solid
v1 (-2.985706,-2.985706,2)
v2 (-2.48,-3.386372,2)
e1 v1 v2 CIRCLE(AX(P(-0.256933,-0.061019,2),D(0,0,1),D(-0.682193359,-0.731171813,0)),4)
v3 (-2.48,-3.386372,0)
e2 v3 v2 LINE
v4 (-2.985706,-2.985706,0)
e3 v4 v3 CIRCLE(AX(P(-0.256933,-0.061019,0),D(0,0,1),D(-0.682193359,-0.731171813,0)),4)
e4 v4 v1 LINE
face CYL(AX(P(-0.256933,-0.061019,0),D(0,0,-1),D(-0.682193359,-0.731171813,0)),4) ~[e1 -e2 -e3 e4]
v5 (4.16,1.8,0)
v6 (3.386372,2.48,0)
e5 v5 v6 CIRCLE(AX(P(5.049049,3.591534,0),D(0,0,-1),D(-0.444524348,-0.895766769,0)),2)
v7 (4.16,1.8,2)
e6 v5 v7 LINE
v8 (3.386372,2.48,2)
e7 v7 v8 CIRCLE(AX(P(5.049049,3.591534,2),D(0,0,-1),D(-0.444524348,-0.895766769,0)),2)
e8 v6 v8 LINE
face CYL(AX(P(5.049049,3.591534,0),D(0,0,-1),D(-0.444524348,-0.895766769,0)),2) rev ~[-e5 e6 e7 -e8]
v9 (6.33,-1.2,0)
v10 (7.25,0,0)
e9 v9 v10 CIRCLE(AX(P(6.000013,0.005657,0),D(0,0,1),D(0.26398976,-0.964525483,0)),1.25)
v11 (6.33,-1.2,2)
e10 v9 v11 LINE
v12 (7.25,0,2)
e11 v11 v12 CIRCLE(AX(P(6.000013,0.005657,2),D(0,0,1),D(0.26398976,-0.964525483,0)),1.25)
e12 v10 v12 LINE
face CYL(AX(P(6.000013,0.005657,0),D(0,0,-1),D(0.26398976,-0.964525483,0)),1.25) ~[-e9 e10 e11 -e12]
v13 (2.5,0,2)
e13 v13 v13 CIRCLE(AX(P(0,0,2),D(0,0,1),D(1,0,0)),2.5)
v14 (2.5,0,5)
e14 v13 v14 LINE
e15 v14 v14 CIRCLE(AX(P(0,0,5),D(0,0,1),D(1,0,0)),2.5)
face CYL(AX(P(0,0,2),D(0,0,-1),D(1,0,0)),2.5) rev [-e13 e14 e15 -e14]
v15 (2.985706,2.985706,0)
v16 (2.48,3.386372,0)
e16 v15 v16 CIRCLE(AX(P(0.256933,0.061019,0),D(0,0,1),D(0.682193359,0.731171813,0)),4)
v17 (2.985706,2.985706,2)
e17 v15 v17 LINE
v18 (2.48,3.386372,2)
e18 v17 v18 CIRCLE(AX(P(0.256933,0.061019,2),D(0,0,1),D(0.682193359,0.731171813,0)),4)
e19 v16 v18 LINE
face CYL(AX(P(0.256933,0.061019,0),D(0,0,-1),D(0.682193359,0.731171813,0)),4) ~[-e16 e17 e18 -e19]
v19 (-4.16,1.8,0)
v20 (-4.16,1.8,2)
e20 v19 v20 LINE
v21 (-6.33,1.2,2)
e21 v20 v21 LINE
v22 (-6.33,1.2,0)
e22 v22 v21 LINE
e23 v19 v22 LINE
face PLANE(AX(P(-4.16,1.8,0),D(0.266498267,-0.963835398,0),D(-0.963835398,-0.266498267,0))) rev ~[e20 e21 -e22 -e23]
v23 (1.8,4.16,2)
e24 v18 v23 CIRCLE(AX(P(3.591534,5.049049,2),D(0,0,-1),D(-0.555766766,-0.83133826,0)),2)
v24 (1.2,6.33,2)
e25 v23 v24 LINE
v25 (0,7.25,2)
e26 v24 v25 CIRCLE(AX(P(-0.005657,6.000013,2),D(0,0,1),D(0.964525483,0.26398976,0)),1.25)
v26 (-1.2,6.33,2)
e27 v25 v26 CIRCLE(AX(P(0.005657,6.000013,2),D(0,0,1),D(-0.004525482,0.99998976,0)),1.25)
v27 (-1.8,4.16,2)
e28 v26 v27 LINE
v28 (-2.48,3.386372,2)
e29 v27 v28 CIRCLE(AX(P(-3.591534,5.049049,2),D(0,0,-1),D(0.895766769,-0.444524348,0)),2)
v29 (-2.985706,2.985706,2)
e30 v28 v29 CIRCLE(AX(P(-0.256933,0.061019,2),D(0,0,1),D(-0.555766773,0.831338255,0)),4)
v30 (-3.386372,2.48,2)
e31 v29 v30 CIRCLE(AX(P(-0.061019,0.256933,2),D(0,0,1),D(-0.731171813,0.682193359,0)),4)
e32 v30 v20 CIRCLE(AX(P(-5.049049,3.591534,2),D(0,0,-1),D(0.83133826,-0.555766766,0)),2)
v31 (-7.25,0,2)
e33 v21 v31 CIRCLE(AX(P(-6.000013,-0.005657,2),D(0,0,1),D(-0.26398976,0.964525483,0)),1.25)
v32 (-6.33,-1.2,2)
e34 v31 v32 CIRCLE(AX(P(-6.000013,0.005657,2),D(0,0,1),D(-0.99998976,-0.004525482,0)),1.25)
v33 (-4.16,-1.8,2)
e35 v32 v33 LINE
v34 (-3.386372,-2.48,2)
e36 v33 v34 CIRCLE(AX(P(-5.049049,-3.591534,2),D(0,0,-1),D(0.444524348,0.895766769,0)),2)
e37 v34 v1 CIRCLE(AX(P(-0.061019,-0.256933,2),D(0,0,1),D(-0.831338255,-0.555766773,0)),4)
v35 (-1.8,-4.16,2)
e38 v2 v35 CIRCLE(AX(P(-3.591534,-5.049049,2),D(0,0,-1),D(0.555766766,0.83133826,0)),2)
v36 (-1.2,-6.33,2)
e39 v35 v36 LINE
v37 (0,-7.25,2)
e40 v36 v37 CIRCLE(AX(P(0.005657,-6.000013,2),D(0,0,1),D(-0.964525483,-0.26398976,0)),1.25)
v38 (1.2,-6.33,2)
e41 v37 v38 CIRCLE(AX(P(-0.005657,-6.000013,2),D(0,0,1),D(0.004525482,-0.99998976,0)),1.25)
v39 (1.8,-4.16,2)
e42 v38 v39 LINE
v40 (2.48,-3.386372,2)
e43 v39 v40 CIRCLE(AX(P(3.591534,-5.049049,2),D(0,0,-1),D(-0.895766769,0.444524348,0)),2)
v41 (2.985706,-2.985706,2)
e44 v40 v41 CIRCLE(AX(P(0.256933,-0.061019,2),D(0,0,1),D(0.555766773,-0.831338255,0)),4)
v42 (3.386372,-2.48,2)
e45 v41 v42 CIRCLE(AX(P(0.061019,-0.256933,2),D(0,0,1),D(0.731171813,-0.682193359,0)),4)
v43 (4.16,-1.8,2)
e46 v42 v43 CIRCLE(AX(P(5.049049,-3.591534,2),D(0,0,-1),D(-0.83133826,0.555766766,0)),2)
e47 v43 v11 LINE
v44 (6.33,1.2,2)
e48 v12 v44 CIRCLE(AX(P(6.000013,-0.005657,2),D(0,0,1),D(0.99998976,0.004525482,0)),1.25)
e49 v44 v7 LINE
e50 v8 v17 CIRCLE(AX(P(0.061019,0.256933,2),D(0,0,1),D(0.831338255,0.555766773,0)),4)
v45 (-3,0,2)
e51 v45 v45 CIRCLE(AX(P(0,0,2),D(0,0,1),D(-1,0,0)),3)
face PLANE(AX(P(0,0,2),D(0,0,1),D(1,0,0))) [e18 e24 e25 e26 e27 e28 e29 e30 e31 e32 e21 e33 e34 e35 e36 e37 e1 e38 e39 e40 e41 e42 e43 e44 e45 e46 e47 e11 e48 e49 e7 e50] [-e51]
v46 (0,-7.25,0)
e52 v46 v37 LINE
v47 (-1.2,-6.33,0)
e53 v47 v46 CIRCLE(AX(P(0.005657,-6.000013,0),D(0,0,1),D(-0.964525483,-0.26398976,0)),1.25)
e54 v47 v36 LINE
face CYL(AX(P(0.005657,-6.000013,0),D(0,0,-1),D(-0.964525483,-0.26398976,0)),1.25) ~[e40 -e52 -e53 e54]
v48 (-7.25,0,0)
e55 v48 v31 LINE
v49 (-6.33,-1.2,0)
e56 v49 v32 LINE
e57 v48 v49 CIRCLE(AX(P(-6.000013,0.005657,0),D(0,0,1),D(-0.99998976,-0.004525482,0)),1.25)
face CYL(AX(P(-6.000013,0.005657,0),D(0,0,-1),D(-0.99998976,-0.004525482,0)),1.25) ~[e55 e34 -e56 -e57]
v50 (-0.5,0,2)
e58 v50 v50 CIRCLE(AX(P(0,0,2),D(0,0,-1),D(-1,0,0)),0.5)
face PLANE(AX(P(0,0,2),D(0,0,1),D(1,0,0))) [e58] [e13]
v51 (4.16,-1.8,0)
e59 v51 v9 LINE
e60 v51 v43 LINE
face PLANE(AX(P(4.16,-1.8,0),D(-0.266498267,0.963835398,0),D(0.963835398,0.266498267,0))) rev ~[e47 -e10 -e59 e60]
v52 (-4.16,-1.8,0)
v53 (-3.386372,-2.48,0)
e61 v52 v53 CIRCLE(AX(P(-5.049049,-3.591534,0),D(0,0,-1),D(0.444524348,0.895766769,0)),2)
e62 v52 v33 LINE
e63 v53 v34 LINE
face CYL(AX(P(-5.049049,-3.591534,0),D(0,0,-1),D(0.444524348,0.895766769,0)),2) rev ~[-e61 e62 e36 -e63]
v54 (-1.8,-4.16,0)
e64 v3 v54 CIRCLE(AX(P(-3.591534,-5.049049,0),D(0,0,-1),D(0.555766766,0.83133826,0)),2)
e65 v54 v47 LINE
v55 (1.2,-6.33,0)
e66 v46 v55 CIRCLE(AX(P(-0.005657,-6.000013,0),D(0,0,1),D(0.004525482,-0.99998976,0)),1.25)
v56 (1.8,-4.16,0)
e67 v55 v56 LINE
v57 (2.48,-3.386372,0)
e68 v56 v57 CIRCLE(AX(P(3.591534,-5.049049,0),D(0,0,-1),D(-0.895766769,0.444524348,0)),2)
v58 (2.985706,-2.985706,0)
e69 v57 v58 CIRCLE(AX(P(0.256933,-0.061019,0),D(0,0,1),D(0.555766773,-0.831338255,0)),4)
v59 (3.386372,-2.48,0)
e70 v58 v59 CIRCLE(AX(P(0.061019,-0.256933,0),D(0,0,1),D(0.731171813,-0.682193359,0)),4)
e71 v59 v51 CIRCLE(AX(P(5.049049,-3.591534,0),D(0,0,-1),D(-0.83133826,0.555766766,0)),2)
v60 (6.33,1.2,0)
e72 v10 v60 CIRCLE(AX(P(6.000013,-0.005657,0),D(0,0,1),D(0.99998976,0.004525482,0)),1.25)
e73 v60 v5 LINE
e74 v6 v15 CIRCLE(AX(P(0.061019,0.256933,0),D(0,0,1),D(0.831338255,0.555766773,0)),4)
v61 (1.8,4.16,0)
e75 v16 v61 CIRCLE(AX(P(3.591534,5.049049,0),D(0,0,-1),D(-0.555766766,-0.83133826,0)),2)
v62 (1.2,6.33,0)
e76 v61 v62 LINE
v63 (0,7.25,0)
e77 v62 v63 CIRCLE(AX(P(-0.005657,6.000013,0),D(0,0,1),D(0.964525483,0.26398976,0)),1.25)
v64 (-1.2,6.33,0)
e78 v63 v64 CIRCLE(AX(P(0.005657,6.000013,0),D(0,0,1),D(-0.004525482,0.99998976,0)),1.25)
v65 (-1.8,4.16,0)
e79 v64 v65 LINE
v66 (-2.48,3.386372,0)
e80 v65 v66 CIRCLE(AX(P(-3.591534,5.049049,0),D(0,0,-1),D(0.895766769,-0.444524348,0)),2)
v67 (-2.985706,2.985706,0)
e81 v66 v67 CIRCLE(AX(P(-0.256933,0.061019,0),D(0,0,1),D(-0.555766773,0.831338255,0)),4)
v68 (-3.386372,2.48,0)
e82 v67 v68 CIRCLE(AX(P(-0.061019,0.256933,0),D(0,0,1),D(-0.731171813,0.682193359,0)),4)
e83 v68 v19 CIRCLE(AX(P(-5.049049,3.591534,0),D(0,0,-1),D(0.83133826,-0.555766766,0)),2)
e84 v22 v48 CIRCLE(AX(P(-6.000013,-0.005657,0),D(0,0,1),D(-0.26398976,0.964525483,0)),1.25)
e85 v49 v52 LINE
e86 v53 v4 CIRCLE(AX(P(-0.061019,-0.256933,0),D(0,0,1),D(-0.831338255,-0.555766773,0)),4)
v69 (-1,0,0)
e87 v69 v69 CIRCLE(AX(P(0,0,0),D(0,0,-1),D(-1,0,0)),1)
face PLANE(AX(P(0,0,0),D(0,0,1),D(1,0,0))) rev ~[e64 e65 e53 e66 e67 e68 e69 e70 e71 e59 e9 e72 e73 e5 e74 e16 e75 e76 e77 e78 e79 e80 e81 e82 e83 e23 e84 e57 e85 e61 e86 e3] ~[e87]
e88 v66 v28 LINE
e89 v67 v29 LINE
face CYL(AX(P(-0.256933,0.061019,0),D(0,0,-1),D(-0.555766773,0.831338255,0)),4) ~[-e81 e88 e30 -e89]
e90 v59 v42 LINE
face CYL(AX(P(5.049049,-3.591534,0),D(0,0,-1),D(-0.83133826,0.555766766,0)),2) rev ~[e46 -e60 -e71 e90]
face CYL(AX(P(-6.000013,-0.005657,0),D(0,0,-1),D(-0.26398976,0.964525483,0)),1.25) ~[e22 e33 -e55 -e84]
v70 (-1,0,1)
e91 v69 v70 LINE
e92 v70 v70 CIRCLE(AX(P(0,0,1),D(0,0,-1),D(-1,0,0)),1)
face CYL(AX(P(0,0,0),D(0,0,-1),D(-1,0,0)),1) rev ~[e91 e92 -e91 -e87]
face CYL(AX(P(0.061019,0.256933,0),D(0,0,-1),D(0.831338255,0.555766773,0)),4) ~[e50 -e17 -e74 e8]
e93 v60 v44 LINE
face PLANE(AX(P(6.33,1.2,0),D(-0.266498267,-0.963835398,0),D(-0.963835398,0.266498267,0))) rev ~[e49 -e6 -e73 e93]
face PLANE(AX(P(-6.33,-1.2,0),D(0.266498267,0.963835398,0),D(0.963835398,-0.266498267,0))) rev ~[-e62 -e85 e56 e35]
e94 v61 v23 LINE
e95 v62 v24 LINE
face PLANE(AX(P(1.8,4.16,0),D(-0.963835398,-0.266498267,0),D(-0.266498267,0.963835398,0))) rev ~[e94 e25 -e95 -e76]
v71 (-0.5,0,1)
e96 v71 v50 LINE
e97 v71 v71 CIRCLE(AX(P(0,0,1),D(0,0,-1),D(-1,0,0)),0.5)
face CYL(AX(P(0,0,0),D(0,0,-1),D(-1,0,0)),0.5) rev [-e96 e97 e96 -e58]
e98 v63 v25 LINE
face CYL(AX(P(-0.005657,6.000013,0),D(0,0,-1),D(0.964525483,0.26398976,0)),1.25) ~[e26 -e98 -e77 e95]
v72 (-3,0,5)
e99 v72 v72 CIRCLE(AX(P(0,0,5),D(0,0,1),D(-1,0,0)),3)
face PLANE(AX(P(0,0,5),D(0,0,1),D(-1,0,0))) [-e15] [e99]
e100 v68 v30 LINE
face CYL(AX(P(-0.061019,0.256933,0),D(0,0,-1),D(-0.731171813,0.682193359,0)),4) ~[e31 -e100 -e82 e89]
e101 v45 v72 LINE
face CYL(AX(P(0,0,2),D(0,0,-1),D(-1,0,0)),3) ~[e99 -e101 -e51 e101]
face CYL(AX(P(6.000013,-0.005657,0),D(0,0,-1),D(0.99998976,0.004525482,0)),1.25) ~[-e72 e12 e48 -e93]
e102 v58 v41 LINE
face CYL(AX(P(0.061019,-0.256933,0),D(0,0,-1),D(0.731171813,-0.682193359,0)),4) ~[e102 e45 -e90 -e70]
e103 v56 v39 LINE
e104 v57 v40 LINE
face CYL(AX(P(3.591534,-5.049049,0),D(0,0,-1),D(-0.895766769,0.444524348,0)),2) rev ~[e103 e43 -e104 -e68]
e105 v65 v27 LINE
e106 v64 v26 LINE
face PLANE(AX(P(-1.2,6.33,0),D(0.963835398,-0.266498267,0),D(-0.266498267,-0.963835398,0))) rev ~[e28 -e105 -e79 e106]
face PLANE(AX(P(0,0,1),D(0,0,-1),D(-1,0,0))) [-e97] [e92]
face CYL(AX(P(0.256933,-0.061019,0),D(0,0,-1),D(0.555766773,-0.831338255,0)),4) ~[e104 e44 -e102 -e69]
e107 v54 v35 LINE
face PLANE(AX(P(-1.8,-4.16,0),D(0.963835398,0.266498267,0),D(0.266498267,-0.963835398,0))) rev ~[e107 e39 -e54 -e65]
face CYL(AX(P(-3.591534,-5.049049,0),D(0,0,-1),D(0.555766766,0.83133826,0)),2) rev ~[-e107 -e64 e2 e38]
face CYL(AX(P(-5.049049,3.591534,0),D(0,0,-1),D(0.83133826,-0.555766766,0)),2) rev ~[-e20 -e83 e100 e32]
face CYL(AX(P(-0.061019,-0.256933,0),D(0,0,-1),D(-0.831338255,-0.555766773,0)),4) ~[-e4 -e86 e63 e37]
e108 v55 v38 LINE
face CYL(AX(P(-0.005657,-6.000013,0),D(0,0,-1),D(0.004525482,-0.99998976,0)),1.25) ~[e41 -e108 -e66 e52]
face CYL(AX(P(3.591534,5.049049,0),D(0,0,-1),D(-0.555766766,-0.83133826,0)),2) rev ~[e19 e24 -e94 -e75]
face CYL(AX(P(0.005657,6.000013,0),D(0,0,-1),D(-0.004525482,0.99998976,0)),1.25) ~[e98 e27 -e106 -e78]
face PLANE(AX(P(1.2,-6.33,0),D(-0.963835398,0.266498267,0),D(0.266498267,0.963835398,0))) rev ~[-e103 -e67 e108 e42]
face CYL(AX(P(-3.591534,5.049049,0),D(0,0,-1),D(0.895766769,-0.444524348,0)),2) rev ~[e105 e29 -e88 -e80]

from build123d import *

# Parameters (mm, degrees)
BOSS_EXTRUDE1_DEPTH = 2
SKETCH2_R           = 3
SKETCH2_R_2         = 2.5
BOSS_EXTRUDE2_DEPTH = 3
SKETCH3_R           = 1
CUT_EXTRUDE1_DEPTH  = 1
SKETCH4_R           = 0.5
CUT_EXTRUDE2_DEPTH  = 12.407234547


with BuildPart() as part:
    # Sketch1 → Boss-Extrude1 (new body)
    with BuildSketch(Plane.XY):
        with BuildLine():
            Line((-1.2, 6.33), (-1.8, 4.16))
            ThreePointArc((-1.8, 4.16), (-2.089343599, 3.728660349), (-2.48, 3.386372183))
            ThreePointArc((-2.48, 3.386372183), (-2.740944688, 3.196252087), (-2.985706385, 2.985706385))
            ThreePointArc((-2.985706385, 2.985706385), (-3.196252087, 2.740944688), (-3.386372183, 2.48))
            ThreePointArc((-3.386372183, 2.48), (-3.728660349, 2.089343599), (-4.16, 1.8))
            Line((-4.16, 1.8), (-6.33, 1.2))
            ThreePointArc((-6.33, 1.2), (-6.992020752, 0.754882576), (-7.25, 0))
            ThreePointArc((-7.25, 0), (-6.992020752, -0.754882576), (-6.33, -1.2))
            Line((-6.33, -1.2), (-4.16, -1.8))
            ThreePointArc((-4.16, -1.8), (-3.728660349, -2.089343599), (-3.386372183, -2.48))
            ThreePointArc((-3.386372183, -2.48), (-3.196252087, -2.740944688), (-2.985706385, -2.985706385))
            ThreePointArc((-2.985706385, -2.985706385), (-2.740944688, -3.196252087), (-2.48, -3.386372183))
            ThreePointArc((-2.48, -3.386372183), (-2.089343599, -3.728660349), (-1.8, -4.16))
            Line((-1.8, -4.16), (-1.2, -6.33))
            ThreePointArc((-1.2, -6.33), (-0.754882576, -6.992020752), (0, -7.25))
            ThreePointArc((0, -7.25), (0.754882576, -6.992020752), (1.2, -6.33))
            Line((1.2, -6.33), (1.8, -4.16))
            ThreePointArc((1.8, -4.16), (2.089343599, -3.728660349), (2.48, -3.386372183))
            ThreePointArc((2.48, -3.386372183), (2.740944688, -3.196252087), (2.985706385, -2.985706385))
            ThreePointArc((2.985706385, -2.985706385), (3.196252087, -2.740944688), (3.386372183, -2.48))
            ThreePointArc((3.386372183, -2.48), (3.728660349, -2.089343599), (4.16, -1.8))
            Line((4.16, -1.8), (6.33, -1.2))
            ThreePointArc((6.33, -1.2), (6.992020752, -0.754882576), (7.25, 0))
            ThreePointArc((7.25, 0), (6.992020752, 0.754882576), (6.33, 1.2))
            Line((6.33, 1.2), (4.16, 1.8))
            ThreePointArc((4.16, 1.8), (3.728660349, 2.089343599), (3.386372183, 2.48))
            ThreePointArc((3.386372183, 2.48), (3.196252087, 2.740944688), (2.985706385, 2.985706385))
            ThreePointArc((2.985706385, 2.985706385), (2.740944688, 3.196252087), (2.48, 3.386372183))
            ThreePointArc((2.48, 3.386372183), (2.089343599, 3.728660349), (1.8, 4.16))
            Line((1.8, 4.16), (1.2, 6.33))
            ThreePointArc((1.2, 6.33), (0.754882576, 6.992020752), (0, 7.25))
            ThreePointArc((0, 7.25), (-0.754882576, 6.992020752), (-1.2, 6.33))
        make_face()
    extrude(amount=BOSS_EXTRUDE1_DEPTH)

    # Sketch2 → Boss-Extrude2 (add)
    with BuildSketch(Plane.XY.offset(2)):
        with Locations(Location((0, 0, 0), (0, 0, 180))):
            Circle(SKETCH2_R)
        Circle(SKETCH2_R_2, mode=Mode.SUBTRACT)
    extrude(amount=BOSS_EXTRUDE2_DEPTH)

    # Sketch3 → Cut-Extrude1 (cut)
    with BuildSketch(Plane(origin=(0, 0, 0), x_dir=(-1, 0, 0), z_dir=(0, 0, -1))):
        Circle(SKETCH3_R)
    extrude(amount=-CUT_EXTRUDE1_DEPTH, mode=Mode.SUBTRACT)

    # Sketch4 → Cut-Extrude2 (cut, through all)
    with BuildSketch(Plane.XY):
        with Locations(Location((0, 0, 0), (0, 0, 180))):
            Circle(SKETCH4_R)
    extrude(amount=CUT_EXTRUDE2_DEPTH, mode=Mode.SUBTRACT)


solid = part.part
